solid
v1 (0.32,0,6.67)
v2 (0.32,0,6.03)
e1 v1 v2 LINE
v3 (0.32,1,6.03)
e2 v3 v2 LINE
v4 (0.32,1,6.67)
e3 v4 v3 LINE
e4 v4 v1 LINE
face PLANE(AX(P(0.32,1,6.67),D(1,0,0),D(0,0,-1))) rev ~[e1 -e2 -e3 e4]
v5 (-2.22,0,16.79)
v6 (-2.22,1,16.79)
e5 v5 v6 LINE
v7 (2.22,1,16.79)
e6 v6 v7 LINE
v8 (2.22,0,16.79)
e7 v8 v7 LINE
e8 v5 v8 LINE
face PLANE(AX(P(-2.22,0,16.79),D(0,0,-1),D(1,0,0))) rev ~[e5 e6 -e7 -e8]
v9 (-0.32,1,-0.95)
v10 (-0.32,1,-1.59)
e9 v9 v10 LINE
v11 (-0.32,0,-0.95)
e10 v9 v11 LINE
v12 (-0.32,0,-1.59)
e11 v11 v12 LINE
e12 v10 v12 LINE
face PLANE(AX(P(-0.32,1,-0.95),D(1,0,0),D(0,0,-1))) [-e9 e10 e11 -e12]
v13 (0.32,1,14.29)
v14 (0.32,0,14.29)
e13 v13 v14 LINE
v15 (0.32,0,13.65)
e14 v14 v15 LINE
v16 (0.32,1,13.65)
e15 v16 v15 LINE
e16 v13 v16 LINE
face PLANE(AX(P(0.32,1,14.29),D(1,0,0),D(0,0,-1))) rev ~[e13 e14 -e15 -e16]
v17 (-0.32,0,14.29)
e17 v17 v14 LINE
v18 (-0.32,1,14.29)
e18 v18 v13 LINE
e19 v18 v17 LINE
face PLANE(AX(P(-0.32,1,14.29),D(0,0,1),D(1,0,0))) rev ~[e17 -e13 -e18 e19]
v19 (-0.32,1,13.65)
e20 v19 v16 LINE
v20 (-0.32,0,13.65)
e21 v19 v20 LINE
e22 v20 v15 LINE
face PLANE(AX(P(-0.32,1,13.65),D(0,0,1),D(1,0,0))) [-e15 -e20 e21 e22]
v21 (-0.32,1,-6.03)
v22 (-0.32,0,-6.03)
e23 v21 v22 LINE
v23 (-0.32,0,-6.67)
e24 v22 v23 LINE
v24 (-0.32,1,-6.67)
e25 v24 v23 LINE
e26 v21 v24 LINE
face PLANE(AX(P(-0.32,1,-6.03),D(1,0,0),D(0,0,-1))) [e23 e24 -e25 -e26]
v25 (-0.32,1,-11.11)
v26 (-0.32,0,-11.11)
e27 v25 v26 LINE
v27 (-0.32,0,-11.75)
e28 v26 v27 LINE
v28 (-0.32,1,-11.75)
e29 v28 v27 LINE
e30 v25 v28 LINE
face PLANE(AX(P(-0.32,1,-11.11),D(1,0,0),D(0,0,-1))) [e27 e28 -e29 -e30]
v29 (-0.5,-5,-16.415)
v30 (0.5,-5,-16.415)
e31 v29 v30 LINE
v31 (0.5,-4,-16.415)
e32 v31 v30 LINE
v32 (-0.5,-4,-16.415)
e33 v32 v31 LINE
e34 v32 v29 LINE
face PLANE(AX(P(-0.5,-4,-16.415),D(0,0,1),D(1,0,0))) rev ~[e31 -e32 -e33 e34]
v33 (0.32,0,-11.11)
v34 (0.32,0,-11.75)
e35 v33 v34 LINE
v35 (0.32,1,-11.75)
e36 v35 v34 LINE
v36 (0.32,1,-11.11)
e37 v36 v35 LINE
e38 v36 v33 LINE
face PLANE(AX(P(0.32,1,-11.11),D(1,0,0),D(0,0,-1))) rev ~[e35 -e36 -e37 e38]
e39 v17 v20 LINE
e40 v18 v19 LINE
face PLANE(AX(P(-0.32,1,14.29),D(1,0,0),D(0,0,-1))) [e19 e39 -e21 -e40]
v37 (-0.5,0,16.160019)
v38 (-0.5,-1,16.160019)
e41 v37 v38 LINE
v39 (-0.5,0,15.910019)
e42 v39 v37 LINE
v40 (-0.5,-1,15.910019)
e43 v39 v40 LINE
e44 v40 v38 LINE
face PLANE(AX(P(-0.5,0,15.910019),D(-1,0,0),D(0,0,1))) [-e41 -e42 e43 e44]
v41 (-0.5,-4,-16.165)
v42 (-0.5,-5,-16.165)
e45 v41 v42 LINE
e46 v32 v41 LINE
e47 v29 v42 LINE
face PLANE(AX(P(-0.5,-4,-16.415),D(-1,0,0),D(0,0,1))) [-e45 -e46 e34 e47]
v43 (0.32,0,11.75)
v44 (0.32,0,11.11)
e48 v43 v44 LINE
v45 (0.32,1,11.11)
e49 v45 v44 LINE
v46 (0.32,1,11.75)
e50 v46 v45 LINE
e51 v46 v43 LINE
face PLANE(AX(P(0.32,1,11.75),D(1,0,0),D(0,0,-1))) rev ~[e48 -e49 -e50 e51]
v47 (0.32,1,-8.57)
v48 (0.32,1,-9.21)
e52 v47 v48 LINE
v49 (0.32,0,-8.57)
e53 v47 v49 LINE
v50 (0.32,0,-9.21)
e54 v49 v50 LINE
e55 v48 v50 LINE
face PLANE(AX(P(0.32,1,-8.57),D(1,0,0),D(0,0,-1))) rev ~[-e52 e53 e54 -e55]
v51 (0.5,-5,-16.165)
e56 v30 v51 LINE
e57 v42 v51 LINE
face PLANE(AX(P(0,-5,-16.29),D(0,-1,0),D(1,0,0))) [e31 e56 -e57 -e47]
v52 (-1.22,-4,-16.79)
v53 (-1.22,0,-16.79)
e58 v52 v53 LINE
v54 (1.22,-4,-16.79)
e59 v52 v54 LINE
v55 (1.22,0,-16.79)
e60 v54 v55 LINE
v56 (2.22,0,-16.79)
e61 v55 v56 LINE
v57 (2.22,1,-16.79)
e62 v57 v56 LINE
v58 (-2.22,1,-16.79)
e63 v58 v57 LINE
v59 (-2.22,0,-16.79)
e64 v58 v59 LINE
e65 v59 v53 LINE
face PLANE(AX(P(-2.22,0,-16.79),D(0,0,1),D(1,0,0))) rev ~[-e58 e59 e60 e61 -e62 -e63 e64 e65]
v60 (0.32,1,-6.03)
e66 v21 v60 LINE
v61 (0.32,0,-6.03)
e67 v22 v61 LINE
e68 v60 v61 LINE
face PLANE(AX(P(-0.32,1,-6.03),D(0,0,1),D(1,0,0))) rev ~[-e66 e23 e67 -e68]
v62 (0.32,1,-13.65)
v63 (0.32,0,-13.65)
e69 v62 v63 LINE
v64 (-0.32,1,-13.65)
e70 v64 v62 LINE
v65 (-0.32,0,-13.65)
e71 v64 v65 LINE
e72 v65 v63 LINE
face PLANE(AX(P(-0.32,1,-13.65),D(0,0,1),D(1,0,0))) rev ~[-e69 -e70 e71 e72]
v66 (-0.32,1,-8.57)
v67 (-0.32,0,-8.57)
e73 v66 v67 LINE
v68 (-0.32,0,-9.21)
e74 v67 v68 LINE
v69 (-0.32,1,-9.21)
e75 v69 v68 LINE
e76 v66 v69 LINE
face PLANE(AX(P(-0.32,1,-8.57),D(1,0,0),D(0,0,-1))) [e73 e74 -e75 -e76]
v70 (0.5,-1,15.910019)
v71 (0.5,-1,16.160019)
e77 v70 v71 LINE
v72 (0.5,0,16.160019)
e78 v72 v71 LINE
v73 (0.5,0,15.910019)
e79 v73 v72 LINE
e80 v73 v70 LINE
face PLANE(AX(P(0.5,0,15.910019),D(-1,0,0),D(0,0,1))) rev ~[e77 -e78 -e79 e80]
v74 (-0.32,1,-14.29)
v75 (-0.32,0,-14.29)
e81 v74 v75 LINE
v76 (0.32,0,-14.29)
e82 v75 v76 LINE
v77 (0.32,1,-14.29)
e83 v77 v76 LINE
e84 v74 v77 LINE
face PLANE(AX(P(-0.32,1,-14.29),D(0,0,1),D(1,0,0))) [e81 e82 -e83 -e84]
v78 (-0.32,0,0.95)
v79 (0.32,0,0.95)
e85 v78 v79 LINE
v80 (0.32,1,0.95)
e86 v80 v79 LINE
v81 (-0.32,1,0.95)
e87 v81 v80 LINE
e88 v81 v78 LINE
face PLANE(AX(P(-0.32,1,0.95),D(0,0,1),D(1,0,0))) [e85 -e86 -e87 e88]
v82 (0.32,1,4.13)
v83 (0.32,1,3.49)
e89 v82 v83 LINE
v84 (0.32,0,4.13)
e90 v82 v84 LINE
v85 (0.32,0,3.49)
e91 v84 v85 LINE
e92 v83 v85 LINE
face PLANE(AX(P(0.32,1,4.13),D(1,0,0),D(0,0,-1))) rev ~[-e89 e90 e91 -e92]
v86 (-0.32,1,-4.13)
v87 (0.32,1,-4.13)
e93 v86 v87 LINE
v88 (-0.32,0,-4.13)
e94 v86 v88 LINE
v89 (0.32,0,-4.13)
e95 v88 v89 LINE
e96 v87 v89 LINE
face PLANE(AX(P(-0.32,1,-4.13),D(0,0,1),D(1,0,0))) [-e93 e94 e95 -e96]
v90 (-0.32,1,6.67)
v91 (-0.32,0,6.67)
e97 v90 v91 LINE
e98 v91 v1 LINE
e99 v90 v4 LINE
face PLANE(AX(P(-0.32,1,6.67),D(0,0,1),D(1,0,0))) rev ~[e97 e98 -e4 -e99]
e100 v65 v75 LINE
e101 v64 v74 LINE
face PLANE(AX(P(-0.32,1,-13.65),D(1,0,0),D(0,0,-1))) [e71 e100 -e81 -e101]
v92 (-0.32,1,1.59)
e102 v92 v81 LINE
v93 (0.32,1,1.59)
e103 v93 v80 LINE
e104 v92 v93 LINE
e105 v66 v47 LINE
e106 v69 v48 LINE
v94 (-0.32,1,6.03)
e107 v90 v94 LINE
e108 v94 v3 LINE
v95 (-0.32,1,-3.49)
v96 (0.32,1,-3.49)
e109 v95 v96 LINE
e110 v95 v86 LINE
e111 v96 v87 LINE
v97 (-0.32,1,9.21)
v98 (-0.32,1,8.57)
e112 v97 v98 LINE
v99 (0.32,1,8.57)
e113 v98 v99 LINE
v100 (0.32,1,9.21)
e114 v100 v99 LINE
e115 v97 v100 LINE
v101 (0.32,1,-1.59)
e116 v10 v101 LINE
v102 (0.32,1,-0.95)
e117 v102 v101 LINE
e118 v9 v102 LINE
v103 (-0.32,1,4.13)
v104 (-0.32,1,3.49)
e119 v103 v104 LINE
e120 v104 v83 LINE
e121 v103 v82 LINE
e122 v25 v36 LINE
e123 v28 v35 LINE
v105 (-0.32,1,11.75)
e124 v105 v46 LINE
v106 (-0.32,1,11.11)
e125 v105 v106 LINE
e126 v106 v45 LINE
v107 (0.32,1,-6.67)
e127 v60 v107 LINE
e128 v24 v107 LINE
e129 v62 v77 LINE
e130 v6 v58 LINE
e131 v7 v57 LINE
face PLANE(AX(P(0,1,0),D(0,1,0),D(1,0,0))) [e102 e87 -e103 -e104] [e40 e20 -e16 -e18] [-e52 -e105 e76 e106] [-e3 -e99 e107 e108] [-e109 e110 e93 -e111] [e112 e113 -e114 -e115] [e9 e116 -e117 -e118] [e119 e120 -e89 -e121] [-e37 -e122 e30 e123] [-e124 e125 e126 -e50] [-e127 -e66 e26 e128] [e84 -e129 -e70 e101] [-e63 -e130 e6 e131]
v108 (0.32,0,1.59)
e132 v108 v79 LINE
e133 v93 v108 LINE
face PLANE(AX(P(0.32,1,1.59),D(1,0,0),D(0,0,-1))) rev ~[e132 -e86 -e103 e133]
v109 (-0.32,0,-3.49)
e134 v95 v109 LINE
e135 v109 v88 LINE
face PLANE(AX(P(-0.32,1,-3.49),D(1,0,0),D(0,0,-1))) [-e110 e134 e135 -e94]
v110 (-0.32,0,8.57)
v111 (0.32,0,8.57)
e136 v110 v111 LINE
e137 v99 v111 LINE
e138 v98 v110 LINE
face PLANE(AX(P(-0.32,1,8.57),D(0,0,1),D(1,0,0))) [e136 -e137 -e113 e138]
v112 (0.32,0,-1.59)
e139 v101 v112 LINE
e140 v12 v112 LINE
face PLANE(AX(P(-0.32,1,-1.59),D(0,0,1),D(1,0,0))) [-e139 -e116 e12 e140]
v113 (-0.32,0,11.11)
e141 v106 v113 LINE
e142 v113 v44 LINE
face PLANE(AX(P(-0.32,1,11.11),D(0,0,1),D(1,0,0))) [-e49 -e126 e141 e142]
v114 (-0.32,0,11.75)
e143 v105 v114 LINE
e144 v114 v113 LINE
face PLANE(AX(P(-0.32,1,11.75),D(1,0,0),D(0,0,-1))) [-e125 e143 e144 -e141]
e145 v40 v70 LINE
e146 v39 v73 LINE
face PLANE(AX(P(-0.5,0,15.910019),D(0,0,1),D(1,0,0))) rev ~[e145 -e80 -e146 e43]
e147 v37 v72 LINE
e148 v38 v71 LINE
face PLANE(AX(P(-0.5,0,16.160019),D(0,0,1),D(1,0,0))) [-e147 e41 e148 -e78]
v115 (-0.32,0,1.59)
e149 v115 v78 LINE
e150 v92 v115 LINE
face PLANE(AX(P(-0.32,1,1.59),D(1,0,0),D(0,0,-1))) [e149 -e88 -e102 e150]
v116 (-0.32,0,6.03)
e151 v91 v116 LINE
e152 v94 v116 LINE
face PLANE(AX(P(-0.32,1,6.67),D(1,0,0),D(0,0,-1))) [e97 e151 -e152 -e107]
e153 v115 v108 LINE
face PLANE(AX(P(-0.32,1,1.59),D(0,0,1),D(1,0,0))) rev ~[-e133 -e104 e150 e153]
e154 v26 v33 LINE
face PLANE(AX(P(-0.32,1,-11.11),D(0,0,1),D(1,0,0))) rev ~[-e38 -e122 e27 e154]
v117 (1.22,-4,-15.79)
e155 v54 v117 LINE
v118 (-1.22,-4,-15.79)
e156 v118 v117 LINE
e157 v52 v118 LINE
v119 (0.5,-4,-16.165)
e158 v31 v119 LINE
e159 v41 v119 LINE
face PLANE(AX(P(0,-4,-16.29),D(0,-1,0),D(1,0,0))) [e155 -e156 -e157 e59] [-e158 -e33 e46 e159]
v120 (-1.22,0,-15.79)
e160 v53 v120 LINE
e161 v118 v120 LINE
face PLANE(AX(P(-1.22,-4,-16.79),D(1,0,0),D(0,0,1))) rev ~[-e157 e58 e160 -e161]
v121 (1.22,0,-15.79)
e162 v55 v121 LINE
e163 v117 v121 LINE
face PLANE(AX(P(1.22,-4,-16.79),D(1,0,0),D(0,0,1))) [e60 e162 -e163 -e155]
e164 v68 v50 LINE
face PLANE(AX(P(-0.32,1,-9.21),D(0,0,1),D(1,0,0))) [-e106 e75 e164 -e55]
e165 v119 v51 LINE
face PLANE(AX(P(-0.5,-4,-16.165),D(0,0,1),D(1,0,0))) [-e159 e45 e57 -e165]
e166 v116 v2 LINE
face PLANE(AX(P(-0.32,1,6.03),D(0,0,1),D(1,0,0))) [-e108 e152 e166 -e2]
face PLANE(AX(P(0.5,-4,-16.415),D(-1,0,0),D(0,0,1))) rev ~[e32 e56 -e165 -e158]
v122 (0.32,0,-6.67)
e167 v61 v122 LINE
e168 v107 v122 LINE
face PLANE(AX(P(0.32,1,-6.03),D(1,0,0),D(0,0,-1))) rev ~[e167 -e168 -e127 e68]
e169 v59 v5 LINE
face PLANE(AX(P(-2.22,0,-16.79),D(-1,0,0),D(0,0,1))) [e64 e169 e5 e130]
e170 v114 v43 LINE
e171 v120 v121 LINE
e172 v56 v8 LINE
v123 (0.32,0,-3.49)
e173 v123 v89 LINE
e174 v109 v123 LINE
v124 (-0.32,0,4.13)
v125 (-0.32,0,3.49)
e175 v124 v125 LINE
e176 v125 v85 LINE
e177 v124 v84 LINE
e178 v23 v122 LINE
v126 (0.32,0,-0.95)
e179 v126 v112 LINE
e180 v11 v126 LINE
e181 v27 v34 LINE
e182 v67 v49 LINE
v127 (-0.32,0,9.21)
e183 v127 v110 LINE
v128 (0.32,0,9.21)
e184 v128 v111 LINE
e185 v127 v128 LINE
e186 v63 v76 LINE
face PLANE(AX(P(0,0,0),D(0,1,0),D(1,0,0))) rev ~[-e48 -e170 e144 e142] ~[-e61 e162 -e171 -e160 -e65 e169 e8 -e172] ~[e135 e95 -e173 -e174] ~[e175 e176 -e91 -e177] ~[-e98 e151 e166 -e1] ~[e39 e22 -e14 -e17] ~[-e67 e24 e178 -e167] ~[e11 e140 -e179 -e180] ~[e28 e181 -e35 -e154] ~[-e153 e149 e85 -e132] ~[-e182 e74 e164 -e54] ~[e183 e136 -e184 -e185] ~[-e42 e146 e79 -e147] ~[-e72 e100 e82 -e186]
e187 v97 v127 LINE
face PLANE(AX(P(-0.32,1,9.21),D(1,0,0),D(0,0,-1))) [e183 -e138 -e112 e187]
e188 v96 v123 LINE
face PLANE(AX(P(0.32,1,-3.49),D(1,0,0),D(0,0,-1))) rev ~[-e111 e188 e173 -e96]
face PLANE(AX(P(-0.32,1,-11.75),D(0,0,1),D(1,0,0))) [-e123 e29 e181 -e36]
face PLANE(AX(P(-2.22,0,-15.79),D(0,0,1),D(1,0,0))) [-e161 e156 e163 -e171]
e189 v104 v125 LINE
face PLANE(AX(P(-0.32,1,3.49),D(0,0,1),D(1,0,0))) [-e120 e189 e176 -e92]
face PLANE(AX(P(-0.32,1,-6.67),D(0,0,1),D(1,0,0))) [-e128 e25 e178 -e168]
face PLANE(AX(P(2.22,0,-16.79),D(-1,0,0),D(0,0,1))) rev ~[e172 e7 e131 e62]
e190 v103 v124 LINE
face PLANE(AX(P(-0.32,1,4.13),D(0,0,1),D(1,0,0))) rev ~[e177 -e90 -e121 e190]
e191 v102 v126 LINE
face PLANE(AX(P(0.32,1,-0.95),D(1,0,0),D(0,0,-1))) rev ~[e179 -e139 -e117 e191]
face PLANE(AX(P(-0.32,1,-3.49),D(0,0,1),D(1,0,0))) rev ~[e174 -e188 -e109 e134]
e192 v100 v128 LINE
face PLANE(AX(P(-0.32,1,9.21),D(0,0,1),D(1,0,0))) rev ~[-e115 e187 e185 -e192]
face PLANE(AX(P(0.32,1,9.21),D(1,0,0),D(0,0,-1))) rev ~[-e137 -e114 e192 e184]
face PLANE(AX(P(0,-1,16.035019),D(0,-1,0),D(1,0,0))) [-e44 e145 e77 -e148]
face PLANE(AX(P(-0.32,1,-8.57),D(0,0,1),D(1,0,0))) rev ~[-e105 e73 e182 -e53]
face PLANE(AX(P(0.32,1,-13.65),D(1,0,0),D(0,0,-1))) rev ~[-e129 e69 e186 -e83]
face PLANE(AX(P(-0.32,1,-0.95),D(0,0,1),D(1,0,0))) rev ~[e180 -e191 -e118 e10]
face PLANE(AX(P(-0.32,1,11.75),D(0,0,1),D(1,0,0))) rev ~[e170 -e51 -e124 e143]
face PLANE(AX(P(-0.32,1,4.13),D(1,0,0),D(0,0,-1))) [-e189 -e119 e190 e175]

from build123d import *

# Parameters (mm, degrees)
SZKIC1_W                    = 4.44
SZKIC1_H                    = 33.58
DODANIE_WYCI_GNI_CIE1_DEPTH = 1
SZKIC2_W                    = 0.64
SZKIC2_H                    = 0.64
WYTNIJ_WYCI_GNI_CIE1_DEPTH  = 1
SZKIC3_W                    = 1
SZKIC3_H                    = 0.25
DODANIE_WYCI_GNI_CIE2_DEPTH = 1
SZKIC4_W                    = 4.44
SZKIC4_H                    = 1
DODANIE_WYCI_GNI_CIE3_DEPTH = 4
SZKIC5_W                    = 1
SZKIC5_H                    = 0.25
DODANIE_WYCI_GNI_CIE4_DEPTH = 1
SZKIC6_W                    = 1
SZKIC6_H                    = 1
WYTNIJ_WYCI_GNI_CIE2_DEPTH  = 4


with BuildPart() as part:
    # Szkic1 → Dodanie-wyciągnięcie1 (new body)
    with BuildSketch(Plane(origin=(0, 0, 0), x_dir=(1, 0, 0), z_dir=(0, 1, 0))):
        Rectangle(SZKIC1_W, SZKIC1_H)
    extrude(amount=DODANIE_WYCI_GNI_CIE1_DEPTH)

    # Szkic2 → Wytnij-wyciągnięcie1 (cut)
    with BuildSketch(Plane(origin=(0, 1, 0), x_dir=(1, 0, 0), z_dir=(0, 1, 0))):
        with Locations((0, -13.97)):
            Rectangle(SZKIC2_W, SZKIC2_H)
        with Locations((0, -11.43)):
            Rectangle(SZKIC2_W, SZKIC2_H)
        with Locations((0, -8.89)):
            Rectangle(SZKIC2_W, SZKIC2_H)
        with Locations((0, -6.35)):
            Rectangle(SZKIC2_W, SZKIC2_H)
        with Locations((0, -3.81)):
            Rectangle(SZKIC2_W, SZKIC2_H)
        with Locations((0, -1.27)):
            Rectangle(SZKIC2_W, SZKIC2_H)
        with Locations((0, 1.27)):
            Rectangle(SZKIC2_W, SZKIC2_H)
        with Locations((0, 3.81)):
            Rectangle(SZKIC2_W, SZKIC2_H)
        with Locations((0, 6.35)):
            Rectangle(SZKIC2_W, SZKIC2_H)
        with Locations((0, 8.89)):
            Rectangle(SZKIC2_W, SZKIC2_H)
        with Locations((0, 11.43)):
            Rectangle(SZKIC2_W, SZKIC2_H)
        with Locations((0, 13.97)):
            Rectangle(SZKIC2_W, SZKIC2_H)
    extrude(amount=-WYTNIJ_WYCI_GNI_CIE1_DEPTH, mode=Mode.SUBTRACT)

    # Szkic3 → Dodanie-wyciągnięcie2 (add)
    with BuildSketch(Plane.XZ):
        with Locations((0, 16.0350189)):
            Rectangle(SZKIC3_W, SZKIC3_H)
    extrude(amount=DODANIE_WYCI_GNI_CIE2_DEPTH)

    # Szkic4 → Dodanie-wyciągnięcie3 (add)
    with BuildSketch(Plane.XZ):
        with Locations((0, -16.29)):
            Rectangle(SZKIC4_W, SZKIC4_H)
    extrude(amount=DODANIE_WYCI_GNI_CIE3_DEPTH)

    # Szkic5 → Dodanie-wyciągnięcie4 (add)
    with BuildSketch(Plane.XZ.offset(4)):
        with Locations((0, -16.29)):
            Rectangle(SZKIC5_W, SZKIC5_H)
    extrude(amount=DODANIE_WYCI_GNI_CIE4_DEPTH)

    # Szkic6 → Wytnij-wyciągnięcie2 (cut)
    with BuildSketch(Plane.XZ.offset(4)):
        with Locations((1.72, -16.29)):
            Rectangle(SZKIC6_W, SZKIC6_H)
        with Locations((-1.72, -16.29)):
            Rectangle(SZKIC6_W, SZKIC6_H)
    extrude(amount=-WYTNIJ_WYCI_GNI_CIE2_DEPTH, mode=Mode.SUBTRACT)


solid = part.part
